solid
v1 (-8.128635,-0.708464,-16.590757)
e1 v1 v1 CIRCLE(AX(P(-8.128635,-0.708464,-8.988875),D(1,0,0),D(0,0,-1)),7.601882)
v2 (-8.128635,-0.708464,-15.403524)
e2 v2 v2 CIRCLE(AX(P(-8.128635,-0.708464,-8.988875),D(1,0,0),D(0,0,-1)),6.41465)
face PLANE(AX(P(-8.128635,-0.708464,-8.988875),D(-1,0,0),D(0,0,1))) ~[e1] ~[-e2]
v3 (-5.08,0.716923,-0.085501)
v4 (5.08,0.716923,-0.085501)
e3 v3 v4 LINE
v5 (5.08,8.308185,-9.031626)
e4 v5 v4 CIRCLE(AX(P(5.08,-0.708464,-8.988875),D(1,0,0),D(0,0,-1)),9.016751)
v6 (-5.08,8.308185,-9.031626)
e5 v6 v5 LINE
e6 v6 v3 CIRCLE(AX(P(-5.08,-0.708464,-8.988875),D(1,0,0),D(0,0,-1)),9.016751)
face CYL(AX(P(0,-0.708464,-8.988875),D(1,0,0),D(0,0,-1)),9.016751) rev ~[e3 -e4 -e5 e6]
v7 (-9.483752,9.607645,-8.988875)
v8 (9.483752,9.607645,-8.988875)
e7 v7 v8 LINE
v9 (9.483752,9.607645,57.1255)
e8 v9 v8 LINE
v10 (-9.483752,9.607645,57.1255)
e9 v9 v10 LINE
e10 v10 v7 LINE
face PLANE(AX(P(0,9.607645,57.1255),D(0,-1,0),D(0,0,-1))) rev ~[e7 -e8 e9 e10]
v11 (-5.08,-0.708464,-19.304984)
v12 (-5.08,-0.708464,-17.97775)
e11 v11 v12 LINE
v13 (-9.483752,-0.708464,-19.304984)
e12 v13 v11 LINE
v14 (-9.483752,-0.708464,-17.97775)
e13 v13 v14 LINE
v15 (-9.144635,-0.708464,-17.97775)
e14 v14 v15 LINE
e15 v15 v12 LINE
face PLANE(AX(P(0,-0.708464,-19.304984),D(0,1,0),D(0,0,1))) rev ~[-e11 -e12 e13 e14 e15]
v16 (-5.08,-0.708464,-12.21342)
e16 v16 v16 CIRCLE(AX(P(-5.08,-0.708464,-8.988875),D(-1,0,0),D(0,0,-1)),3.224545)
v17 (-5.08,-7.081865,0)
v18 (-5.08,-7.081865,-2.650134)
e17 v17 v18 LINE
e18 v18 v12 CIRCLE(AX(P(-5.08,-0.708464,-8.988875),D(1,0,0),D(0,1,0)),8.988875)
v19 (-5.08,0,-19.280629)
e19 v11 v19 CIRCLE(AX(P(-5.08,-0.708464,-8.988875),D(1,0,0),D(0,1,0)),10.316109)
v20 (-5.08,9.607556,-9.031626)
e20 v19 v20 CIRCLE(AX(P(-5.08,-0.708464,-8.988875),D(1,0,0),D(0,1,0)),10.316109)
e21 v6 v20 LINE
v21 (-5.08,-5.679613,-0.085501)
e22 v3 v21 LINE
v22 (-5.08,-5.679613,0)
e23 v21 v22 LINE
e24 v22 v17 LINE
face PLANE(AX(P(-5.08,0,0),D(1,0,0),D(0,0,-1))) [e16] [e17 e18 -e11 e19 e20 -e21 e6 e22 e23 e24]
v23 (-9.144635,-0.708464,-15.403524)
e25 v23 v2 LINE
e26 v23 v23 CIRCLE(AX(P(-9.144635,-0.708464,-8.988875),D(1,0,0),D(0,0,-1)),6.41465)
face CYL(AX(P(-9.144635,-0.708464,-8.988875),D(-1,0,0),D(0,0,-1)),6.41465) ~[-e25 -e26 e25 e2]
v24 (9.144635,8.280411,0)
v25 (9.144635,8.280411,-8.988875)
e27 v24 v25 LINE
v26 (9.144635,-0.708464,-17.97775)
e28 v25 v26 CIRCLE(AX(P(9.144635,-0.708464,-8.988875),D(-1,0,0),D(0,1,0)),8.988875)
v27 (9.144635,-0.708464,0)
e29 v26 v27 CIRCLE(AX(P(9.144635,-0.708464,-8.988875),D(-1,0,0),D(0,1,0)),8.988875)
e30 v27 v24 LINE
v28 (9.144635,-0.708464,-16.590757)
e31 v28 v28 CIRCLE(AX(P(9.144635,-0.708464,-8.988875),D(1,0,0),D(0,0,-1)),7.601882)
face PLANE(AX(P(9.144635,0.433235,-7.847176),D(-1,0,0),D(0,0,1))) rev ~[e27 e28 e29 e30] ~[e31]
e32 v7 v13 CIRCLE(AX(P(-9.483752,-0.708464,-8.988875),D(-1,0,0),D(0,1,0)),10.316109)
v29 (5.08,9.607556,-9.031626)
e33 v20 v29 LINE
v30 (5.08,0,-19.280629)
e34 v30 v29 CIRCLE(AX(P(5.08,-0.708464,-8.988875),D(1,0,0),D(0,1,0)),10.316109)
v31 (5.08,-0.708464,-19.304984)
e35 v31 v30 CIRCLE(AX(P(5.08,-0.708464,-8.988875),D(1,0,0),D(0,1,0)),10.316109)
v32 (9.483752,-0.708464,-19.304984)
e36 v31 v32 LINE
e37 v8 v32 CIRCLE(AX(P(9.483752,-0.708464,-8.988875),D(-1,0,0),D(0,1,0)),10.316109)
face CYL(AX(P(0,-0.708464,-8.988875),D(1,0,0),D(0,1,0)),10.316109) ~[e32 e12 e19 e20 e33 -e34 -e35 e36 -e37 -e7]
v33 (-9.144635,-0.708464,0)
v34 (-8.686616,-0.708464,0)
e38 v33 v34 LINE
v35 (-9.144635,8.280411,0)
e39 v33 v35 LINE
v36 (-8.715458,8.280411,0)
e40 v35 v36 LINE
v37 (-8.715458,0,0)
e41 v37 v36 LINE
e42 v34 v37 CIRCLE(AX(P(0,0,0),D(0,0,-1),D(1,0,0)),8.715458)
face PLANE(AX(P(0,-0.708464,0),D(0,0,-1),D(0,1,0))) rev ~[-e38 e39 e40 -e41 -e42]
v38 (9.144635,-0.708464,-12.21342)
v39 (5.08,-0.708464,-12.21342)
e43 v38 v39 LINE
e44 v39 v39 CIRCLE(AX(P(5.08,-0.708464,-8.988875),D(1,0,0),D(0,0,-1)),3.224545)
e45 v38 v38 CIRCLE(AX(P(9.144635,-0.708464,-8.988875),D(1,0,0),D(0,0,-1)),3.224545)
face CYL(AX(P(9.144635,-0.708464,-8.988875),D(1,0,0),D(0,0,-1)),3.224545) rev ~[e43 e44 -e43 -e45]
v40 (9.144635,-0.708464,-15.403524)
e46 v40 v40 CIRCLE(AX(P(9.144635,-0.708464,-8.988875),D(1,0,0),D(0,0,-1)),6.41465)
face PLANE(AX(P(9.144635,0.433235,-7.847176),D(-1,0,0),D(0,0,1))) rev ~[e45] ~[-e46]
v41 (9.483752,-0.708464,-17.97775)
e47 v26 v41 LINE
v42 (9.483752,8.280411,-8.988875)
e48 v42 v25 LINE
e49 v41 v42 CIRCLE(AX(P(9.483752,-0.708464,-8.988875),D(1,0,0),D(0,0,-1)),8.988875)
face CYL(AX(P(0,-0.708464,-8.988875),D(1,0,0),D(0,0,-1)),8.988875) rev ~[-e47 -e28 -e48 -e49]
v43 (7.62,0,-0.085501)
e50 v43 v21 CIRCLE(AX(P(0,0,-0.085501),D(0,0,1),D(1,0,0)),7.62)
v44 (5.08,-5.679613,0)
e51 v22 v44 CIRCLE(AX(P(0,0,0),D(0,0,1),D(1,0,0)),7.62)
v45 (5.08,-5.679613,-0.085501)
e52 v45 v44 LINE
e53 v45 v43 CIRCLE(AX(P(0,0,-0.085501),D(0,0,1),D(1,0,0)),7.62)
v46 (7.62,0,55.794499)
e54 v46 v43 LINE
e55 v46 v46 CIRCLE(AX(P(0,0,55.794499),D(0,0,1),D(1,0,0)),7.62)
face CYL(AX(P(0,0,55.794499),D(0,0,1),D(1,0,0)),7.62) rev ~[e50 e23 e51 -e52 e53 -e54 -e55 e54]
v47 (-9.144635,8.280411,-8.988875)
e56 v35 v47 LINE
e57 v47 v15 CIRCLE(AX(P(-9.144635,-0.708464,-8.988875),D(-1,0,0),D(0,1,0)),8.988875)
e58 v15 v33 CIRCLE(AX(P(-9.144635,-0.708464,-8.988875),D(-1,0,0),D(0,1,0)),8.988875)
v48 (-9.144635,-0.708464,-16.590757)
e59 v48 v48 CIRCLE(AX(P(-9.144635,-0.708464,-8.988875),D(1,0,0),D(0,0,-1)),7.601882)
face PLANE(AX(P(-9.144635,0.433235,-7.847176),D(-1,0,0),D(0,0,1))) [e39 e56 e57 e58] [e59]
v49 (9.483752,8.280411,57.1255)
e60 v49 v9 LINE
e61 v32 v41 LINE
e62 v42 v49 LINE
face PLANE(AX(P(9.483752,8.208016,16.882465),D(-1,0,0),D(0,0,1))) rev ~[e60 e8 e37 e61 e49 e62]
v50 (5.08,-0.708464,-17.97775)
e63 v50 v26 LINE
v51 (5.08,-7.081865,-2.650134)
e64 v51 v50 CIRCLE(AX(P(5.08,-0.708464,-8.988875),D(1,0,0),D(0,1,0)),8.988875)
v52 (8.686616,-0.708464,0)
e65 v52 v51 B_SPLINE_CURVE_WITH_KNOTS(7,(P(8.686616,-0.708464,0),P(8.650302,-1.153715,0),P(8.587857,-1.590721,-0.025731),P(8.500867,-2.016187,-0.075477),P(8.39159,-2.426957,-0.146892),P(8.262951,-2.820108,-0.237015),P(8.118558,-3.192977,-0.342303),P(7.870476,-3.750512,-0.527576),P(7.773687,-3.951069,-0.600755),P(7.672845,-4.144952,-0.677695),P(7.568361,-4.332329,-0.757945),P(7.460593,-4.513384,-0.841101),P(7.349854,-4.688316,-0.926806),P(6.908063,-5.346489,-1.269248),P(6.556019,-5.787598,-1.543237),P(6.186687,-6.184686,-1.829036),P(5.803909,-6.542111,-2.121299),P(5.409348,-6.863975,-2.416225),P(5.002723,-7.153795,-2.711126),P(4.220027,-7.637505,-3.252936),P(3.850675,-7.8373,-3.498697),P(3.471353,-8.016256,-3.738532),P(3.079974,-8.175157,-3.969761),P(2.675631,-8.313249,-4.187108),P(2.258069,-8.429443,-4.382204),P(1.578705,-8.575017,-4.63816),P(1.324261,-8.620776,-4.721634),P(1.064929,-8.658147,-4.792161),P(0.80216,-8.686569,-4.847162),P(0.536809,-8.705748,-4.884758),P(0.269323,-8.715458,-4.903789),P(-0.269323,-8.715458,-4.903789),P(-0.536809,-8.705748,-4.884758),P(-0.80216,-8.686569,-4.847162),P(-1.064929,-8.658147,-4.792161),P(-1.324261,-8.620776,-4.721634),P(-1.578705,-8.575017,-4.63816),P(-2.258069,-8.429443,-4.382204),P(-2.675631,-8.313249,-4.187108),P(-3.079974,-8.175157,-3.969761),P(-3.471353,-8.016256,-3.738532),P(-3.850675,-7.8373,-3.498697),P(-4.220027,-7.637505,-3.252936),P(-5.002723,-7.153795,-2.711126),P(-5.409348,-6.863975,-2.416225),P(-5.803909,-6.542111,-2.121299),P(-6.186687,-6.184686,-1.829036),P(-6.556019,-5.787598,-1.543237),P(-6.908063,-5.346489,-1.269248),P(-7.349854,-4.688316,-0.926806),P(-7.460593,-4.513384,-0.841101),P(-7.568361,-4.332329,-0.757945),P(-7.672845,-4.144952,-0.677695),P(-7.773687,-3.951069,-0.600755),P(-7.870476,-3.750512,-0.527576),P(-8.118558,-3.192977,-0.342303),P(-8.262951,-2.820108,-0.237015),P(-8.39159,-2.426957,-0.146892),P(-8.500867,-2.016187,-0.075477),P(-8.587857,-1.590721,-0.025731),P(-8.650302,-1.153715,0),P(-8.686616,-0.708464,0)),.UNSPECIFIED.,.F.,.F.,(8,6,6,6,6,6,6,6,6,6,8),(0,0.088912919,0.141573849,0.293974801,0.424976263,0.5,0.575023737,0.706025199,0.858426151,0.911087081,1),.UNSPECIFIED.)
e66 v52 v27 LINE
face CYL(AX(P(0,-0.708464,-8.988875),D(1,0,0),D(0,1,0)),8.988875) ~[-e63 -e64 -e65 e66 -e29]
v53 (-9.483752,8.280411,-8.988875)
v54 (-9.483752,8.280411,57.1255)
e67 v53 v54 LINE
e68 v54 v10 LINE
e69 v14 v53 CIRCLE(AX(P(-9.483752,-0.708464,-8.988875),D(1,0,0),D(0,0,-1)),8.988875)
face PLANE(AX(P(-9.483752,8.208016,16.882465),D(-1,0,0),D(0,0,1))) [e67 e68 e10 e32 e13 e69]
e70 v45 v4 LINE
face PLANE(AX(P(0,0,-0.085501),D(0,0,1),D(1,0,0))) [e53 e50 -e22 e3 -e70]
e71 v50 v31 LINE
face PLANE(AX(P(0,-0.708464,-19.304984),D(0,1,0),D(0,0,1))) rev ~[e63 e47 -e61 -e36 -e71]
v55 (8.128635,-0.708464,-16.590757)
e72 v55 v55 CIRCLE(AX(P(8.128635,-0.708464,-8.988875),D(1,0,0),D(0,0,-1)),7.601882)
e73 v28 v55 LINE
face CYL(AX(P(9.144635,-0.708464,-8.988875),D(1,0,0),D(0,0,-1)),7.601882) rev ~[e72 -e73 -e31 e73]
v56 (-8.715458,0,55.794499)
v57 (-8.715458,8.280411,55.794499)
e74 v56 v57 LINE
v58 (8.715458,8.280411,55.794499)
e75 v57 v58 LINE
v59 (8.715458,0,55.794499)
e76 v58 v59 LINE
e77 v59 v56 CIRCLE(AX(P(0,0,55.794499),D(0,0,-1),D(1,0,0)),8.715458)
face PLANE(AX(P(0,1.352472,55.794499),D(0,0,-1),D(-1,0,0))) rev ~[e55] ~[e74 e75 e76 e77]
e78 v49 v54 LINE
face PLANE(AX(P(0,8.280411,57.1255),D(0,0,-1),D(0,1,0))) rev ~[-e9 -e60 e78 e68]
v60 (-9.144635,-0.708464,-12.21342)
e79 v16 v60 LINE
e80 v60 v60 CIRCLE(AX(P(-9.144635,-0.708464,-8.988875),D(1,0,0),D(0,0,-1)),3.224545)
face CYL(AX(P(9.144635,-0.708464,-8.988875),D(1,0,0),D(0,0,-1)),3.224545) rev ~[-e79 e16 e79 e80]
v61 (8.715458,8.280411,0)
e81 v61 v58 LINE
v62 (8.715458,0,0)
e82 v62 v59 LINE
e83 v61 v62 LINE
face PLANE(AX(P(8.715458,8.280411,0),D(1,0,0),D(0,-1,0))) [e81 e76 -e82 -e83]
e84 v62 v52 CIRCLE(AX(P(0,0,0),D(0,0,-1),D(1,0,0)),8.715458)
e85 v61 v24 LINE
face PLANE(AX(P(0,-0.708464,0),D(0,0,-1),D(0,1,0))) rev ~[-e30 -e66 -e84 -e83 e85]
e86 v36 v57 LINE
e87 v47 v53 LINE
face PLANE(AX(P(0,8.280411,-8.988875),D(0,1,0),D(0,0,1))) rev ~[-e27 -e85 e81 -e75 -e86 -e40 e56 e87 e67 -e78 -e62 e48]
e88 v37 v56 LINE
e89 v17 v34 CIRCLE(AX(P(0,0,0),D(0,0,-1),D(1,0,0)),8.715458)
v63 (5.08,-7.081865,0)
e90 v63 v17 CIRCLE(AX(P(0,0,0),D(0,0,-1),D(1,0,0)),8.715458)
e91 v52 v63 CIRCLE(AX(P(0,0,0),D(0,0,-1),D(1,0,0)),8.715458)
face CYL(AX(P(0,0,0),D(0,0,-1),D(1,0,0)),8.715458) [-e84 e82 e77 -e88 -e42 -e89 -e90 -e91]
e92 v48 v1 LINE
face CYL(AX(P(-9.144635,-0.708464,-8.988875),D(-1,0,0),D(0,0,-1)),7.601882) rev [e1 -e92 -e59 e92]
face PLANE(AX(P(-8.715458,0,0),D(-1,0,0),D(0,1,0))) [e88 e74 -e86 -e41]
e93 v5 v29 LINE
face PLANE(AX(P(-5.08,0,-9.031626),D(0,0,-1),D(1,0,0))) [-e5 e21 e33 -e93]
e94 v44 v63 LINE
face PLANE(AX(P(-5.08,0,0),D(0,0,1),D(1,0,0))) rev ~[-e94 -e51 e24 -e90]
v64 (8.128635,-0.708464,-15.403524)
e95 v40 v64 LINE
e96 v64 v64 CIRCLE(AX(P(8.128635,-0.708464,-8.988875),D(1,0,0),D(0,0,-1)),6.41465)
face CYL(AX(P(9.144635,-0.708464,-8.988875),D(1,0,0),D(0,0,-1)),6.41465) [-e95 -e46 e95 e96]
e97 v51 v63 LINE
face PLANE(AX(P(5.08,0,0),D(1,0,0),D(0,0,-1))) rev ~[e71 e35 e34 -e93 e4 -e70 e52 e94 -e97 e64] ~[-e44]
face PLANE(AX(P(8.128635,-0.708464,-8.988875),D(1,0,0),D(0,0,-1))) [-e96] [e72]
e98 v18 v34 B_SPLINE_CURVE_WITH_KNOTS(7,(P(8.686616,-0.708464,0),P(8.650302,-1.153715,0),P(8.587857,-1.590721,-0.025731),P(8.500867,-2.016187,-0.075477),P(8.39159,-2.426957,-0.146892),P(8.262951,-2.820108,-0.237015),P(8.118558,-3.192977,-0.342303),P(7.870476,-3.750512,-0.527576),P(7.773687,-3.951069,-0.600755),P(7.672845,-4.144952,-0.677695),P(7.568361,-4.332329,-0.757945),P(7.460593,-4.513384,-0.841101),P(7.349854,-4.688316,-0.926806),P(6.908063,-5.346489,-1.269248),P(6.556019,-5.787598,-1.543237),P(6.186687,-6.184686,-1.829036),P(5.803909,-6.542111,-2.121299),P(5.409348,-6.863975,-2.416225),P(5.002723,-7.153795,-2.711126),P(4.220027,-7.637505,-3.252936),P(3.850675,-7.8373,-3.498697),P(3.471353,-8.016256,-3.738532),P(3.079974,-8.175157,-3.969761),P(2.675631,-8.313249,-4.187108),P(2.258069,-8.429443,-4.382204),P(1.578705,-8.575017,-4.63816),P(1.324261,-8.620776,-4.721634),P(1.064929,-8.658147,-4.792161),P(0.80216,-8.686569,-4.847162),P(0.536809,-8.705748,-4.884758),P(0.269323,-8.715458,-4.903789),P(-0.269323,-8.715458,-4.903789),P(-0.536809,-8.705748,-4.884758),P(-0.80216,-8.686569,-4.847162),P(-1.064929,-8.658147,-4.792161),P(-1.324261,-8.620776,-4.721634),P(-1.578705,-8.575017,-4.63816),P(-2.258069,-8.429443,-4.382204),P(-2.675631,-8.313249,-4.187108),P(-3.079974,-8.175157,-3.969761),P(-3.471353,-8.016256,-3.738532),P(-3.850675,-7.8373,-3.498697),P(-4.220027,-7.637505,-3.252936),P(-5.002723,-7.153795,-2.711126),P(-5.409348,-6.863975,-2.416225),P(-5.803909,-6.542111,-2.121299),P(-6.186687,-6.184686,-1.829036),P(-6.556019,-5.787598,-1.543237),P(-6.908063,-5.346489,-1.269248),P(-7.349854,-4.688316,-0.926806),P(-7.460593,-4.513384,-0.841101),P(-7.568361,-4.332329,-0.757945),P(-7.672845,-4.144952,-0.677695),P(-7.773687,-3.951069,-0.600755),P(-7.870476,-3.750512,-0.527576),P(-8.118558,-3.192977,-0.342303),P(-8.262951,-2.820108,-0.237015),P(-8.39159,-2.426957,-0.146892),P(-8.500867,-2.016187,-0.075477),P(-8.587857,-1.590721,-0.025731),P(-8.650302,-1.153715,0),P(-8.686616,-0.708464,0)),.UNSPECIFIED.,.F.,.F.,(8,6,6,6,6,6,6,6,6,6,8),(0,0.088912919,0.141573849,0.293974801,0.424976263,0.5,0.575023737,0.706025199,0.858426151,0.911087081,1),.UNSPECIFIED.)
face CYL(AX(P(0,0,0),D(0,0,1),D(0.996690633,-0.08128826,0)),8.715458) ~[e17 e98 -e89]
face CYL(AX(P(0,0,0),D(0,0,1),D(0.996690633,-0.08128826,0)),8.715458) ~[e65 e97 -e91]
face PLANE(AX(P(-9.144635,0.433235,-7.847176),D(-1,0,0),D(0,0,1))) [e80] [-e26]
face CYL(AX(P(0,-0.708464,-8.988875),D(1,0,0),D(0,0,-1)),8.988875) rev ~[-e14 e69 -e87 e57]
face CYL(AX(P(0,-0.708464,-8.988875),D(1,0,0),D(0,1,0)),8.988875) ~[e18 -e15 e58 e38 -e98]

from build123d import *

# Parameters (mm, degrees)
EXTRUDE1_DEPTH      = 55.794498856
EXTRUDE6_DEPTH      = 9.14463492
EXTRUDE7_REACH      = 59.365
EXTRUDE_THIN1_DEPTH = 9.483751535
SKETCH9_R           = 7.60188161
SKETCH9_R_2         = 6.414649529
EXTRUDE8_DEPTH      = 1.016
SKETCH10_R          = 3.224544811
EXTRUDE9_DEPTH      = 61.86360078
SKETCH2_R           = 7.62
EXTRUDE11_DEPTH     = 55.88
SKETCH12_R          = 9.016750803
EXTRUDE12_DEPTH     = 5.08
SKETCH13_W          = 10.16
SKETCH13_H          = 19.30498436
EXTRUDE13_DEPTH     = 59.71373486
SKETCH16_W          = 10.16
SKETCH16_H          = 10.249002979
EXTRUDE16_DEPTH     = 59.71373486


with BuildPart() as part:
    # Sketch1 → Extrude1 (new body)
    with BuildSketch(Plane.XY):
        with BuildLine():
            Line((-8.715458206, 8.280410535), (8.715458206, 8.280410535))
            Line((8.715458206, 8.280410535), (8.715458206, 0))
            ThreePointArc((8.715458206, 0), (0, -8.715458206), (-8.715458206, 0))
            Line((-8.715458206, 0), (-8.715458206, 8.280410535))
        make_face()
    extrude(amount=EXTRUDE1_DEPTH)

    # Sketch6 → Extrude6 (add, symmetric)
    with BuildSketch(Plane(origin=(0, 0, 0), x_dir=(0, 0, -1), z_dir=(1, 0, 0))):
        with BuildLine():
            Line((0, 8.280410535), (8.988874968, 8.280410535))
            ThreePointArc((8.988874968, 8.280410535), (15.344969413, -7.064558879), (0, -0.708464433))
            Line((0, -0.708464433), (0, 8.280410535))
        make_face()
    extrude(amount=EXTRUDE6_DEPTH, both=True)

    # Sketch7 → Extrude7 (add, up to next)
    with BuildSketch(Plane(origin=(0, 0, 0), x_dir=(-1, 0, 0), z_dir=(0, 0, -1)), mode=Mode.PRIVATE) as extrude7_sk1:
        with BuildLine():
            Line((8.68661556, -0.708464433), (-8.68661556, -0.708464433))
            ThreePointArc((-8.68661556, -0.708464433), (0, -8.715458206), (8.68661556, -0.708464433))
        make_face()
    extrude7_tool1 = extrude(extrude7_sk1.sketch, amount=EXTRUDE7_REACH, mode=Mode.PRIVATE) - part.part
    add(extrude7_tool1.solids().sort_by_distance((0, -4.084646, 0))[0])

    # Sketch8 → Extrude-Thin1 (add, symmetric)
    with BuildSketch(Plane(origin=(0, 0, 0), x_dir=(0, 0, -1), z_dir=(1, 0, 0))):
        with BuildLine():
            ThreePointArc((17.977749936, -0.708464433), (15.344969413, 5.647630012), (8.988874968, 8.280410535))
            Line((8.988874968, 8.280410535), (0, 8.280410535))
            Line((0, 8.280410535), (-57.125499776, 8.280410535))
            Line((-57.125499776, 8.280410535), (-57.125499776, 9.607644959))
            Line((-57.125499776, 9.607644959), (0, 9.607644959))
            Line((0, 9.607644959), (8.988874968, 9.607644959))
            ThreePointArc((8.988874968, 9.607644959), (16.283465875, 6.586126473), (19.30498436, -0.708464433))
            Line((19.30498436, -0.708464433), (17.977749936, -0.708464433))
        make_face()
    extrude(amount=EXTRUDE_THIN1_DEPTH, both=True)

    # Sketch9 → Extrude8 (cut)
    with BuildSketch(Plane(origin=(9.14463492, 0, 0), x_dir=(0, 0, -1), z_dir=(1, 0, 0))):
        with Locations((8.988874968, -0.708464433)):
            Circle(SKETCH9_R)
        with Locations((8.988874968, -0.708464433)):
            Circle(SKETCH9_R_2, mode=Mode.SUBTRACT)
    extrude8 = extrude(amount=-EXTRUDE8_DEPTH, mode=Mode.SUBTRACT)

    # Sketch10 → Extrude9 (cut, through all)
    with BuildSketch(Plane(origin=(9.14463492, 0, 0), x_dir=(0, 0, -1), z_dir=(1, 0, 0))):
        with Locations((8.988874968, -0.708464433)):
            Circle(SKETCH10_R)
    extrude(amount=-EXTRUDE9_DEPTH, mode=Mode.SUBTRACT)

    # Mirror1: Extrude8 across plane
    add(extrude8.mirror(Plane(origin=(0, 0, 0), x_dir=(0, 0, 1), z_dir=(1, 0, 0))), mode=Mode.SUBTRACT)

    # Sketch2 → Extrude11 (cut)
    with BuildSketch(Plane.XY.offset(55.794498856)):
        Circle(SKETCH2_R)
    extrude(amount=-EXTRUDE11_DEPTH, mode=Mode.SUBTRACT)

    # Sketch12 → Extrude12 (cut, symmetric)
    with BuildSketch(Plane(origin=(0, 0, 0), x_dir=(0, 0, -1), z_dir=(1, 0, 0))):
        with Locations((8.988874968, -0.708464433)):
            Circle(SKETCH12_R)
    extrude(amount=EXTRUDE12_DEPTH, both=True, mode=Mode.SUBTRACT)

    # Sketch13 → Extrude13 (cut, through all)
    with BuildSketch(Plane(origin=(0, 0, 0), x_dir=(1, 0, 0), z_dir=(0, 1, 0))):
        with Locations((0, 9.65249218)):
            Rectangle(SKETCH13_W, SKETCH13_H)
    extrude(amount=-EXTRUDE13_DEPTH, mode=Mode.SUBTRACT)

    # Sketch16 → Extrude16 (cut, through all)
    with BuildSketch(Plane(origin=(0, 0, 0), x_dir=(1, 0, 0), z_dir=(0, 1, 0))):
        with Locations((0, 14.15612703)):
            Rectangle(SKETCH16_W, SKETCH16_H)
    extrude(amount=EXTRUDE16_DEPTH, mode=Mode.SUBTRACT)


solid = part.part
